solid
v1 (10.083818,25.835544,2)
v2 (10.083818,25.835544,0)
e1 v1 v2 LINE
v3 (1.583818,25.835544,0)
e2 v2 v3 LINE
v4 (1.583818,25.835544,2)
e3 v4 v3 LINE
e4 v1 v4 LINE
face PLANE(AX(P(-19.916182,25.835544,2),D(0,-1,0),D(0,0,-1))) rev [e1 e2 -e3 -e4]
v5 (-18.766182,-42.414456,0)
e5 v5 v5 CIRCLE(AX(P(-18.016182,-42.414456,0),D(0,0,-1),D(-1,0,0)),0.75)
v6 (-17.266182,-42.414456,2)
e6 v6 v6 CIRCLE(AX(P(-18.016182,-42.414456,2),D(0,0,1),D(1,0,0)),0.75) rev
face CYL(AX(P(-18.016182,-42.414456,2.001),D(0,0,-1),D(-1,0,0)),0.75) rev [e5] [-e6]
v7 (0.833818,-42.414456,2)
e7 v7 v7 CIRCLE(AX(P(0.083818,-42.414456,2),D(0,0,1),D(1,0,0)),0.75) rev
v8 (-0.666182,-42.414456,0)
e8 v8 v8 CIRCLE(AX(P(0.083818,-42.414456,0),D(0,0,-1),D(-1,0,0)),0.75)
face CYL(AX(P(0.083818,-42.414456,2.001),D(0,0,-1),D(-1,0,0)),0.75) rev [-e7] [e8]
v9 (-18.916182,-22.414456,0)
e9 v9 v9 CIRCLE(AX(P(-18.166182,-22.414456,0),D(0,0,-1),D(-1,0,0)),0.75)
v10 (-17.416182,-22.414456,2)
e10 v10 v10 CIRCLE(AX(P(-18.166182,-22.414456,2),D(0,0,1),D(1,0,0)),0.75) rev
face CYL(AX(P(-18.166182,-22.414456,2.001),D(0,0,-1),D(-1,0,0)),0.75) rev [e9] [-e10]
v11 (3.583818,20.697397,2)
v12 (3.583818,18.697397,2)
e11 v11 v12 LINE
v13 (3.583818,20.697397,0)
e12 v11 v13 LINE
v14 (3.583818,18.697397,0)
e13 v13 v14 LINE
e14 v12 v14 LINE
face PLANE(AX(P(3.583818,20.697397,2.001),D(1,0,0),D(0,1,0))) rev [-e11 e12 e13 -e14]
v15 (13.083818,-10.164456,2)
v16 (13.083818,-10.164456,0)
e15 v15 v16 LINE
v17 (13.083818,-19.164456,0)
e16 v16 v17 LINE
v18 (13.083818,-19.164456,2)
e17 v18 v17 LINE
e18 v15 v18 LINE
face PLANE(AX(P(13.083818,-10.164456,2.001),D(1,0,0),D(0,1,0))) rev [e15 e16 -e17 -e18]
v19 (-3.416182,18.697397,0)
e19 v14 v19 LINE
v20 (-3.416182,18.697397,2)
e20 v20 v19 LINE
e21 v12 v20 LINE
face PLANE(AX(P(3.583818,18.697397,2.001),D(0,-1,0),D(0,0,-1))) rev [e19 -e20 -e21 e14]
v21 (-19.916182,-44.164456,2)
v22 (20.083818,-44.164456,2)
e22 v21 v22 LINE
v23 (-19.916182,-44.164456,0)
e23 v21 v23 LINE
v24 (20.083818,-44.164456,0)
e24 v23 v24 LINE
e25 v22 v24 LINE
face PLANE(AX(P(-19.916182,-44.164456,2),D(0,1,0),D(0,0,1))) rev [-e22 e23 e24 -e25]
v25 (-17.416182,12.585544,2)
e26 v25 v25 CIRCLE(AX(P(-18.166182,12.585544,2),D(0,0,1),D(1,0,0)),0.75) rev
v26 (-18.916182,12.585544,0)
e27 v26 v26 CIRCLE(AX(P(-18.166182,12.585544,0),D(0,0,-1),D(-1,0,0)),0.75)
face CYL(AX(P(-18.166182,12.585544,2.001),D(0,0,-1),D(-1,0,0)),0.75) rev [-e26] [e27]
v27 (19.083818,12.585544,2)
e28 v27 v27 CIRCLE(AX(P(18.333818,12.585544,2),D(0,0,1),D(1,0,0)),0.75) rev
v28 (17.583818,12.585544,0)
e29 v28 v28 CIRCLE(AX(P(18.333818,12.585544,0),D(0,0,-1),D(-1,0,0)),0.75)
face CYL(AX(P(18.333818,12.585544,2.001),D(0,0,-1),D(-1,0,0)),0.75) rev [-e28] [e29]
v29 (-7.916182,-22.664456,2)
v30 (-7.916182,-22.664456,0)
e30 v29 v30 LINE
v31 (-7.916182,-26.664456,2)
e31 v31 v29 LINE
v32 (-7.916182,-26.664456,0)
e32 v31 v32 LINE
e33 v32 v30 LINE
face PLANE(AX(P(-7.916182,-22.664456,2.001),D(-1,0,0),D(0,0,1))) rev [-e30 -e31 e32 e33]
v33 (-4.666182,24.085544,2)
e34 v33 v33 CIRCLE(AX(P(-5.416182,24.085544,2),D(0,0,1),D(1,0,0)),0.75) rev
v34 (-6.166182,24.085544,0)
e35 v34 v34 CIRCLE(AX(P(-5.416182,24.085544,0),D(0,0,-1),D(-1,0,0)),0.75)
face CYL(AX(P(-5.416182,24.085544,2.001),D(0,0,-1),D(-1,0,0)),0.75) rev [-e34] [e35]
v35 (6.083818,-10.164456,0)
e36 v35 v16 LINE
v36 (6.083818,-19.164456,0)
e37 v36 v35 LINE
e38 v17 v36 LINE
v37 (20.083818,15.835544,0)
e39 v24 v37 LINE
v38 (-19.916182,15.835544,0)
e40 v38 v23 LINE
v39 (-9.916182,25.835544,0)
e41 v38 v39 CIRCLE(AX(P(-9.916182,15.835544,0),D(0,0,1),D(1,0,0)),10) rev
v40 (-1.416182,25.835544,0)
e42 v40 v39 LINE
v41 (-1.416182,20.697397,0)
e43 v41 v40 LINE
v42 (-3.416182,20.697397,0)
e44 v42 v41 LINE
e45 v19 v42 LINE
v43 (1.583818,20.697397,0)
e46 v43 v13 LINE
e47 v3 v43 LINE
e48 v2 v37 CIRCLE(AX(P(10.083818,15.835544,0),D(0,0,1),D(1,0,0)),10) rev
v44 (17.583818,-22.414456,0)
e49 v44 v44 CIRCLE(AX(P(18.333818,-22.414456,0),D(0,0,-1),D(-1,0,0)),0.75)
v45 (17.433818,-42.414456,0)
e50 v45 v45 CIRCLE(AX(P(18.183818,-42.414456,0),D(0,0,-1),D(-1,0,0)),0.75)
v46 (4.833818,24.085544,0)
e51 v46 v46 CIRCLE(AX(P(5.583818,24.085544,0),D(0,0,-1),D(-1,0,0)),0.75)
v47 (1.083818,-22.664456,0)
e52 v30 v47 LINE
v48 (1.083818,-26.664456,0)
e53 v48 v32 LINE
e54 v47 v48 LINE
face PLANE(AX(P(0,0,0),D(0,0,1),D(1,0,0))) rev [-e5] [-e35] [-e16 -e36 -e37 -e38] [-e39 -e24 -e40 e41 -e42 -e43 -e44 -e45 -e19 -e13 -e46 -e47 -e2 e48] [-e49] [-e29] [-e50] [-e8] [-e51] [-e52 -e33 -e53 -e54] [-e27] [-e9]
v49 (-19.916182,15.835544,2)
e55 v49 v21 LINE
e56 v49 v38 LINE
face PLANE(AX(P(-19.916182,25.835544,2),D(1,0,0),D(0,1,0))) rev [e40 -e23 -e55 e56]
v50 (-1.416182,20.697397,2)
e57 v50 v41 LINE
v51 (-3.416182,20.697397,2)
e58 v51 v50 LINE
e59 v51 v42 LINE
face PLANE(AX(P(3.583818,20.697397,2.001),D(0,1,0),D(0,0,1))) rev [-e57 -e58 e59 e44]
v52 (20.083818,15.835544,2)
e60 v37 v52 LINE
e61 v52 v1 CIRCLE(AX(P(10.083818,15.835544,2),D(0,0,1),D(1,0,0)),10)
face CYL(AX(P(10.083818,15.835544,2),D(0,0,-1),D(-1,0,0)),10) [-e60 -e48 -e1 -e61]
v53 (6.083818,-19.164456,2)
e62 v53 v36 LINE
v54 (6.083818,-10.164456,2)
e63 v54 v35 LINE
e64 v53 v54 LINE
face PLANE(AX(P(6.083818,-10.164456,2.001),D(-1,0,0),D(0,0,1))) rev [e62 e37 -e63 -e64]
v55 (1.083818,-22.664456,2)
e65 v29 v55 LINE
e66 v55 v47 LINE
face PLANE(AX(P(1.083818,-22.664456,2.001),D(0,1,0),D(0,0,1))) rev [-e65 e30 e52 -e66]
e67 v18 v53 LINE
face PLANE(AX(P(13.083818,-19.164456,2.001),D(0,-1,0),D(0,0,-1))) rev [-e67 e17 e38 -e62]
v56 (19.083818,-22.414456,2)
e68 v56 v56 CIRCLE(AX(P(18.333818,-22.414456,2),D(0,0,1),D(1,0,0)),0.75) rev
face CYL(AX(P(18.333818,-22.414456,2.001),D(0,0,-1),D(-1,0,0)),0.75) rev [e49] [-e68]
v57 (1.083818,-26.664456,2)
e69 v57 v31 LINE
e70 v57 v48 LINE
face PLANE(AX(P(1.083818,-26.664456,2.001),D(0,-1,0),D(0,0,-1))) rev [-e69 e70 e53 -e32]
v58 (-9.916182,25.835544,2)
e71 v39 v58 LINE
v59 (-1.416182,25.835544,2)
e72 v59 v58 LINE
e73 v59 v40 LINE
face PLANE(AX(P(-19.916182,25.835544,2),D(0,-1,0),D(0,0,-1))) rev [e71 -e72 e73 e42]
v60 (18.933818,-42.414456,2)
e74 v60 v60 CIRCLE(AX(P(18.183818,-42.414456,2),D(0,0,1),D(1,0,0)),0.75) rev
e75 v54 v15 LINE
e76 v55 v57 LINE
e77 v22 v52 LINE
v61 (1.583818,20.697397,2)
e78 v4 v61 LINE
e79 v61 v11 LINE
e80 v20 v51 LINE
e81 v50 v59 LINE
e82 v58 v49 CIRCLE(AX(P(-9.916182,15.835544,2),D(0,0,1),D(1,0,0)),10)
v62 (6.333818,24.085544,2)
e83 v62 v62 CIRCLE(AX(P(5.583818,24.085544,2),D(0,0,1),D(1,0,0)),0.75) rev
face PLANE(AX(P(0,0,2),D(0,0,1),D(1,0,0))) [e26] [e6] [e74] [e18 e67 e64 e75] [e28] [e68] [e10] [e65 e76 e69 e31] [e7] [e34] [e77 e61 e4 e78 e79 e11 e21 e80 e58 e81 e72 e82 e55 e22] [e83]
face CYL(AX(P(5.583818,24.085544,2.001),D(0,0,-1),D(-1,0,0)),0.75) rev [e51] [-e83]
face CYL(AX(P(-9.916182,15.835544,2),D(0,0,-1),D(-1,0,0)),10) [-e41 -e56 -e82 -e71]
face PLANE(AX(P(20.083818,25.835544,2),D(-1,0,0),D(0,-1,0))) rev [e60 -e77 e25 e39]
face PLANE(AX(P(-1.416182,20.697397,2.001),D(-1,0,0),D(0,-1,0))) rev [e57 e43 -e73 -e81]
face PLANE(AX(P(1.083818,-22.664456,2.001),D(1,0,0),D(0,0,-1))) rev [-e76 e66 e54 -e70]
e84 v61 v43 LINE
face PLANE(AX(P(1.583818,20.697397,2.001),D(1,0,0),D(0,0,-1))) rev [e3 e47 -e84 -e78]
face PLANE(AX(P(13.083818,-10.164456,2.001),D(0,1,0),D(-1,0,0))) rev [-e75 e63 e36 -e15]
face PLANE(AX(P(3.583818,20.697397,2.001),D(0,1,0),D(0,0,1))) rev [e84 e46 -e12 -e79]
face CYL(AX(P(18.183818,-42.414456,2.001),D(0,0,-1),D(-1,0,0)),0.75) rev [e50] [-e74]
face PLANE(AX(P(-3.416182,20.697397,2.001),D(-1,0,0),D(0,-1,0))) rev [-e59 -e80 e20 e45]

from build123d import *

# Parameters (mm, degrees)
CROQUIS1_W              = 40
CROQUIS1_H              = 70
SALIENTE_EXTRUIR1_DEPTH = 2
REDONDEO1_R             = 10
CORTAR_EXTRUIR1_REACH   = 50.558
CROQUIS2_R              = 0.75
CORTAR_EXTRUIR2_REACH   = 50.558
CROQUIS3_W              = 7
CROQUIS3_H              = 2
CORTAR_EXTRUIR3_REACH   = 50.558
CROQUIS4_W              = 3
CROQUIS4_H              = 5.138146931
CROQUIS4_W_2            = 7
CROQUIS4_H_2            = 9
CROQUIS4_W_3            = 9
CROQUIS4_H_3            = 4


with BuildPart() as part:
    # Croquis1 → Saliente-Extruir1 (new body)
    with BuildSketch(Plane.XY):
        with Locations((0.083817915, -9.164456233)):
            Rectangle(CROQUIS1_W, CROQUIS1_H)
    extrude(amount=SALIENTE_EXTRUIR1_DEPTH)

    # Redondeo1
    redondeo1_edges = [part.edges().sort_by_distance(p)[0] for p in [
        (-19.916182085, 25.835543767, 1),
        (20.083817915, 25.835543767, 1),
    ]]
    fillet(redondeo1_edges, radius=REDONDEO1_R)

    # Croquis2 → Cortar-Extruir1 (cut, up to next)
    with BuildSketch(Plane(origin=(0, 0, 0), x_dir=(-1, 0, 0), z_dir=(0, 0, -1)), mode=Mode.PRIVATE) as cortar_extruir1_sk1:
        with Locations((-5.583817915, 24.085543767)):
            Circle(CROQUIS2_R)
    cortar_extruir1_tool1 = extrude(cortar_extruir1_sk1.sketch, amount=-CORTAR_EXTRUIR1_REACH, mode=Mode.PRIVATE) & part.part
    # Croquis2 → Cortar-Extruir1 (cut, up to next)
    with BuildSketch(Plane(origin=(0, 0, 0), x_dir=(-1, 0, 0), z_dir=(0, 0, -1)), mode=Mode.PRIVATE) as cortar_extruir1_sk2:
        with Locations((5.416182085, 24.085543767)):
            Circle(CROQUIS2_R)
    cortar_extruir1_tool2 = extrude(cortar_extruir1_sk2.sketch, amount=-CORTAR_EXTRUIR1_REACH, mode=Mode.PRIVATE) & part.part
    # Croquis2 → Cortar-Extruir1 (cut, up to next)
    with BuildSketch(Plane(origin=(0, 0, 0), x_dir=(-1, 0, 0), z_dir=(0, 0, -1)), mode=Mode.PRIVATE) as cortar_extruir1_sk3:
        with Locations((-18.183817915, -42.414456233)):
            Circle(CROQUIS2_R)
    cortar_extruir1_tool3 = extrude(cortar_extruir1_sk3.sketch, amount=-CORTAR_EXTRUIR1_REACH, mode=Mode.PRIVATE) & part.part
    # Croquis2 → Cortar-Extruir1 (cut, up to next)
    with BuildSketch(Plane(origin=(0, 0, 0), x_dir=(-1, 0, 0), z_dir=(0, 0, -1)), mode=Mode.PRIVATE) as cortar_extruir1_sk4:
        with Locations((-0.083817915, -42.414456233)):
            Circle(CROQUIS2_R)
    cortar_extruir1_tool4 = extrude(cortar_extruir1_sk4.sketch, amount=-CORTAR_EXTRUIR1_REACH, mode=Mode.PRIVATE) & part.part
    # Croquis2 → Cortar-Extruir1 (cut, up to next)
    with BuildSketch(Plane(origin=(0, 0, 0), x_dir=(-1, 0, 0), z_dir=(0, 0, -1)), mode=Mode.PRIVATE) as cortar_extruir1_sk5:
        with Locations((18.016182085, -42.414456233)):
            Circle(CROQUIS2_R)
    cortar_extruir1_tool5 = extrude(cortar_extruir1_sk5.sketch, amount=-CORTAR_EXTRUIR1_REACH, mode=Mode.PRIVATE) & part.part
    # Croquis2 → Cortar-Extruir1 (cut, up to next)
    with BuildSketch(Plane(origin=(0, 0, 0), x_dir=(-1, 0, 0), z_dir=(0, 0, -1)), mode=Mode.PRIVATE) as cortar_extruir1_sk6:
        with Locations((-18.333817915, 12.585543767)):
            Circle(CROQUIS2_R)
    cortar_extruir1_tool6 = extrude(cortar_extruir1_sk6.sketch, amount=-CORTAR_EXTRUIR1_REACH, mode=Mode.PRIVATE) & part.part
    # Croquis2 → Cortar-Extruir1 (cut, up to next)
    with BuildSketch(Plane(origin=(0, 0, 0), x_dir=(-1, 0, 0), z_dir=(0, 0, -1)), mode=Mode.PRIVATE) as cortar_extruir1_sk7:
        with Locations((-18.333817915, -22.414456233)):
            Circle(CROQUIS2_R)
    cortar_extruir1_tool7 = extrude(cortar_extruir1_sk7.sketch, amount=-CORTAR_EXTRUIR1_REACH, mode=Mode.PRIVATE) & part.part
    # Croquis2 → Cortar-Extruir1 (cut, up to next)
    with BuildSketch(Plane(origin=(0, 0, 0), x_dir=(-1, 0, 0), z_dir=(0, 0, -1)), mode=Mode.PRIVATE) as cortar_extruir1_sk8:
        with Locations((18.166182085, 12.585543767)):
            Circle(CROQUIS2_R)
    cortar_extruir1_tool8 = extrude(cortar_extruir1_sk8.sketch, amount=-CORTAR_EXTRUIR1_REACH, mode=Mode.PRIVATE) & part.part
    # Croquis2 → Cortar-Extruir1 (cut, up to next)
    with BuildSketch(Plane(origin=(0, 0, 0), x_dir=(-1, 0, 0), z_dir=(0, 0, -1)), mode=Mode.PRIVATE) as cortar_extruir1_sk9:
        with Locations((18.166182085, -22.414456233)):
            Circle(CROQUIS2_R)
    cortar_extruir1_tool9 = extrude(cortar_extruir1_sk9.sketch, amount=-CORTAR_EXTRUIR1_REACH, mode=Mode.PRIVATE) & part.part
    add(cortar_extruir1_tool1.solids().sort_by_distance((5.583818, 24.085544, 0))[0], mode=Mode.SUBTRACT)
    add(cortar_extruir1_tool2.solids().sort_by_distance((-5.416182, 24.085544, 0))[0], mode=Mode.SUBTRACT)
    add(cortar_extruir1_tool3.solids().sort_by_distance((18.183818, -42.414456, 0))[0], mode=Mode.SUBTRACT)
    add(cortar_extruir1_tool4.solids().sort_by_distance((0.083818, -42.414456, 0))[0], mode=Mode.SUBTRACT)
    add(cortar_extruir1_tool5.solids().sort_by_distance((-18.016182, -42.414456, 0))[0], mode=Mode.SUBTRACT)
    add(cortar_extruir1_tool6.solids().sort_by_distance((18.333818, 12.585544, 0))[0], mode=Mode.SUBTRACT)
    add(cortar_extruir1_tool7.solids().sort_by_distance((18.333818, -22.414456, 0))[0], mode=Mode.SUBTRACT)
    add(cortar_extruir1_tool8.solids().sort_by_distance((-18.166182, 12.585544, 0))[0], mode=Mode.SUBTRACT)
    add(cortar_extruir1_tool9.solids().sort_by_distance((-18.166182, -22.414456, 0))[0], mode=Mode.SUBTRACT)

    # Croquis3 → Cortar-Extruir2 (cut, up to next)
    with BuildSketch(Plane(origin=(0, 0, 0), x_dir=(-1, 0, 0), z_dir=(0, 0, -1)), mode=Mode.PRIVATE) as cortar_extruir2_sk1:
        with Locations((-0.083817915, 19.697396836)):
            Rectangle(CROQUIS3_W, CROQUIS3_H)
    cortar_extruir2_tool1 = extrude(cortar_extruir2_sk1.sketch, amount=-CORTAR_EXTRUIR2_REACH, mode=Mode.PRIVATE) & part.part
    add(cortar_extruir2_tool1.solids().sort_by_distance((0.083818, 19.697397, 0))[0], mode=Mode.SUBTRACT)

    # Croquis4 → Cortar-Extruir3 (cut, up to next)
    with BuildSketch(Plane(origin=(0, 0, 0), x_dir=(-1, 0, 0), z_dir=(0, 0, -1)), mode=Mode.PRIVATE) as cortar_extruir3_sk1:
        with Locations((-0.083817915, 23.266470302)):
            Rectangle(CROQUIS4_W, CROQUIS4_H)
    cortar_extruir3_tool1 = extrude(cortar_extruir3_sk1.sketch, amount=-CORTAR_EXTRUIR3_REACH, mode=Mode.PRIVATE) & part.part
    # Croquis4 → Cortar-Extruir3 (cut, up to next)
    with BuildSketch(Plane(origin=(0, 0, 0), x_dir=(-1, 0, 0), z_dir=(0, 0, -1)), mode=Mode.PRIVATE) as cortar_extruir3_sk2:
        with Locations((-9.583817915, -14.664456233)):
            Rectangle(CROQUIS4_W_2, CROQUIS4_H_2)
    cortar_extruir3_tool2 = extrude(cortar_extruir3_sk2.sketch, amount=-CORTAR_EXTRUIR3_REACH, mode=Mode.PRIVATE) & part.part
    # Croquis4 → Cortar-Extruir3 (cut, up to next)
    with BuildSketch(Plane(origin=(0, 0, 0), x_dir=(-1, 0, 0), z_dir=(0, 0, -1)), mode=Mode.PRIVATE) as cortar_extruir3_sk3:
        with Locations((3.416182085, -24.664456233)):
            Rectangle(CROQUIS4_W_3, CROQUIS4_H_3)
    cortar_extruir3_tool3 = extrude(cortar_extruir3_sk3.sketch, amount=-CORTAR_EXTRUIR3_REACH, mode=Mode.PRIVATE) & part.part
    add(cortar_extruir3_tool1.solids().sort_by_distance((0.083818, 23.26647, 0))[0], mode=Mode.SUBTRACT)
    add(cortar_extruir3_tool2.solids().sort_by_distance((9.583818, -14.664456, 0))[0], mode=Mode.SUBTRACT)
    add(cortar_extruir3_tool3.solids().sort_by_distance((-3.416182, -24.664456, 0))[0], mode=Mode.SUBTRACT)


solid = part.part
